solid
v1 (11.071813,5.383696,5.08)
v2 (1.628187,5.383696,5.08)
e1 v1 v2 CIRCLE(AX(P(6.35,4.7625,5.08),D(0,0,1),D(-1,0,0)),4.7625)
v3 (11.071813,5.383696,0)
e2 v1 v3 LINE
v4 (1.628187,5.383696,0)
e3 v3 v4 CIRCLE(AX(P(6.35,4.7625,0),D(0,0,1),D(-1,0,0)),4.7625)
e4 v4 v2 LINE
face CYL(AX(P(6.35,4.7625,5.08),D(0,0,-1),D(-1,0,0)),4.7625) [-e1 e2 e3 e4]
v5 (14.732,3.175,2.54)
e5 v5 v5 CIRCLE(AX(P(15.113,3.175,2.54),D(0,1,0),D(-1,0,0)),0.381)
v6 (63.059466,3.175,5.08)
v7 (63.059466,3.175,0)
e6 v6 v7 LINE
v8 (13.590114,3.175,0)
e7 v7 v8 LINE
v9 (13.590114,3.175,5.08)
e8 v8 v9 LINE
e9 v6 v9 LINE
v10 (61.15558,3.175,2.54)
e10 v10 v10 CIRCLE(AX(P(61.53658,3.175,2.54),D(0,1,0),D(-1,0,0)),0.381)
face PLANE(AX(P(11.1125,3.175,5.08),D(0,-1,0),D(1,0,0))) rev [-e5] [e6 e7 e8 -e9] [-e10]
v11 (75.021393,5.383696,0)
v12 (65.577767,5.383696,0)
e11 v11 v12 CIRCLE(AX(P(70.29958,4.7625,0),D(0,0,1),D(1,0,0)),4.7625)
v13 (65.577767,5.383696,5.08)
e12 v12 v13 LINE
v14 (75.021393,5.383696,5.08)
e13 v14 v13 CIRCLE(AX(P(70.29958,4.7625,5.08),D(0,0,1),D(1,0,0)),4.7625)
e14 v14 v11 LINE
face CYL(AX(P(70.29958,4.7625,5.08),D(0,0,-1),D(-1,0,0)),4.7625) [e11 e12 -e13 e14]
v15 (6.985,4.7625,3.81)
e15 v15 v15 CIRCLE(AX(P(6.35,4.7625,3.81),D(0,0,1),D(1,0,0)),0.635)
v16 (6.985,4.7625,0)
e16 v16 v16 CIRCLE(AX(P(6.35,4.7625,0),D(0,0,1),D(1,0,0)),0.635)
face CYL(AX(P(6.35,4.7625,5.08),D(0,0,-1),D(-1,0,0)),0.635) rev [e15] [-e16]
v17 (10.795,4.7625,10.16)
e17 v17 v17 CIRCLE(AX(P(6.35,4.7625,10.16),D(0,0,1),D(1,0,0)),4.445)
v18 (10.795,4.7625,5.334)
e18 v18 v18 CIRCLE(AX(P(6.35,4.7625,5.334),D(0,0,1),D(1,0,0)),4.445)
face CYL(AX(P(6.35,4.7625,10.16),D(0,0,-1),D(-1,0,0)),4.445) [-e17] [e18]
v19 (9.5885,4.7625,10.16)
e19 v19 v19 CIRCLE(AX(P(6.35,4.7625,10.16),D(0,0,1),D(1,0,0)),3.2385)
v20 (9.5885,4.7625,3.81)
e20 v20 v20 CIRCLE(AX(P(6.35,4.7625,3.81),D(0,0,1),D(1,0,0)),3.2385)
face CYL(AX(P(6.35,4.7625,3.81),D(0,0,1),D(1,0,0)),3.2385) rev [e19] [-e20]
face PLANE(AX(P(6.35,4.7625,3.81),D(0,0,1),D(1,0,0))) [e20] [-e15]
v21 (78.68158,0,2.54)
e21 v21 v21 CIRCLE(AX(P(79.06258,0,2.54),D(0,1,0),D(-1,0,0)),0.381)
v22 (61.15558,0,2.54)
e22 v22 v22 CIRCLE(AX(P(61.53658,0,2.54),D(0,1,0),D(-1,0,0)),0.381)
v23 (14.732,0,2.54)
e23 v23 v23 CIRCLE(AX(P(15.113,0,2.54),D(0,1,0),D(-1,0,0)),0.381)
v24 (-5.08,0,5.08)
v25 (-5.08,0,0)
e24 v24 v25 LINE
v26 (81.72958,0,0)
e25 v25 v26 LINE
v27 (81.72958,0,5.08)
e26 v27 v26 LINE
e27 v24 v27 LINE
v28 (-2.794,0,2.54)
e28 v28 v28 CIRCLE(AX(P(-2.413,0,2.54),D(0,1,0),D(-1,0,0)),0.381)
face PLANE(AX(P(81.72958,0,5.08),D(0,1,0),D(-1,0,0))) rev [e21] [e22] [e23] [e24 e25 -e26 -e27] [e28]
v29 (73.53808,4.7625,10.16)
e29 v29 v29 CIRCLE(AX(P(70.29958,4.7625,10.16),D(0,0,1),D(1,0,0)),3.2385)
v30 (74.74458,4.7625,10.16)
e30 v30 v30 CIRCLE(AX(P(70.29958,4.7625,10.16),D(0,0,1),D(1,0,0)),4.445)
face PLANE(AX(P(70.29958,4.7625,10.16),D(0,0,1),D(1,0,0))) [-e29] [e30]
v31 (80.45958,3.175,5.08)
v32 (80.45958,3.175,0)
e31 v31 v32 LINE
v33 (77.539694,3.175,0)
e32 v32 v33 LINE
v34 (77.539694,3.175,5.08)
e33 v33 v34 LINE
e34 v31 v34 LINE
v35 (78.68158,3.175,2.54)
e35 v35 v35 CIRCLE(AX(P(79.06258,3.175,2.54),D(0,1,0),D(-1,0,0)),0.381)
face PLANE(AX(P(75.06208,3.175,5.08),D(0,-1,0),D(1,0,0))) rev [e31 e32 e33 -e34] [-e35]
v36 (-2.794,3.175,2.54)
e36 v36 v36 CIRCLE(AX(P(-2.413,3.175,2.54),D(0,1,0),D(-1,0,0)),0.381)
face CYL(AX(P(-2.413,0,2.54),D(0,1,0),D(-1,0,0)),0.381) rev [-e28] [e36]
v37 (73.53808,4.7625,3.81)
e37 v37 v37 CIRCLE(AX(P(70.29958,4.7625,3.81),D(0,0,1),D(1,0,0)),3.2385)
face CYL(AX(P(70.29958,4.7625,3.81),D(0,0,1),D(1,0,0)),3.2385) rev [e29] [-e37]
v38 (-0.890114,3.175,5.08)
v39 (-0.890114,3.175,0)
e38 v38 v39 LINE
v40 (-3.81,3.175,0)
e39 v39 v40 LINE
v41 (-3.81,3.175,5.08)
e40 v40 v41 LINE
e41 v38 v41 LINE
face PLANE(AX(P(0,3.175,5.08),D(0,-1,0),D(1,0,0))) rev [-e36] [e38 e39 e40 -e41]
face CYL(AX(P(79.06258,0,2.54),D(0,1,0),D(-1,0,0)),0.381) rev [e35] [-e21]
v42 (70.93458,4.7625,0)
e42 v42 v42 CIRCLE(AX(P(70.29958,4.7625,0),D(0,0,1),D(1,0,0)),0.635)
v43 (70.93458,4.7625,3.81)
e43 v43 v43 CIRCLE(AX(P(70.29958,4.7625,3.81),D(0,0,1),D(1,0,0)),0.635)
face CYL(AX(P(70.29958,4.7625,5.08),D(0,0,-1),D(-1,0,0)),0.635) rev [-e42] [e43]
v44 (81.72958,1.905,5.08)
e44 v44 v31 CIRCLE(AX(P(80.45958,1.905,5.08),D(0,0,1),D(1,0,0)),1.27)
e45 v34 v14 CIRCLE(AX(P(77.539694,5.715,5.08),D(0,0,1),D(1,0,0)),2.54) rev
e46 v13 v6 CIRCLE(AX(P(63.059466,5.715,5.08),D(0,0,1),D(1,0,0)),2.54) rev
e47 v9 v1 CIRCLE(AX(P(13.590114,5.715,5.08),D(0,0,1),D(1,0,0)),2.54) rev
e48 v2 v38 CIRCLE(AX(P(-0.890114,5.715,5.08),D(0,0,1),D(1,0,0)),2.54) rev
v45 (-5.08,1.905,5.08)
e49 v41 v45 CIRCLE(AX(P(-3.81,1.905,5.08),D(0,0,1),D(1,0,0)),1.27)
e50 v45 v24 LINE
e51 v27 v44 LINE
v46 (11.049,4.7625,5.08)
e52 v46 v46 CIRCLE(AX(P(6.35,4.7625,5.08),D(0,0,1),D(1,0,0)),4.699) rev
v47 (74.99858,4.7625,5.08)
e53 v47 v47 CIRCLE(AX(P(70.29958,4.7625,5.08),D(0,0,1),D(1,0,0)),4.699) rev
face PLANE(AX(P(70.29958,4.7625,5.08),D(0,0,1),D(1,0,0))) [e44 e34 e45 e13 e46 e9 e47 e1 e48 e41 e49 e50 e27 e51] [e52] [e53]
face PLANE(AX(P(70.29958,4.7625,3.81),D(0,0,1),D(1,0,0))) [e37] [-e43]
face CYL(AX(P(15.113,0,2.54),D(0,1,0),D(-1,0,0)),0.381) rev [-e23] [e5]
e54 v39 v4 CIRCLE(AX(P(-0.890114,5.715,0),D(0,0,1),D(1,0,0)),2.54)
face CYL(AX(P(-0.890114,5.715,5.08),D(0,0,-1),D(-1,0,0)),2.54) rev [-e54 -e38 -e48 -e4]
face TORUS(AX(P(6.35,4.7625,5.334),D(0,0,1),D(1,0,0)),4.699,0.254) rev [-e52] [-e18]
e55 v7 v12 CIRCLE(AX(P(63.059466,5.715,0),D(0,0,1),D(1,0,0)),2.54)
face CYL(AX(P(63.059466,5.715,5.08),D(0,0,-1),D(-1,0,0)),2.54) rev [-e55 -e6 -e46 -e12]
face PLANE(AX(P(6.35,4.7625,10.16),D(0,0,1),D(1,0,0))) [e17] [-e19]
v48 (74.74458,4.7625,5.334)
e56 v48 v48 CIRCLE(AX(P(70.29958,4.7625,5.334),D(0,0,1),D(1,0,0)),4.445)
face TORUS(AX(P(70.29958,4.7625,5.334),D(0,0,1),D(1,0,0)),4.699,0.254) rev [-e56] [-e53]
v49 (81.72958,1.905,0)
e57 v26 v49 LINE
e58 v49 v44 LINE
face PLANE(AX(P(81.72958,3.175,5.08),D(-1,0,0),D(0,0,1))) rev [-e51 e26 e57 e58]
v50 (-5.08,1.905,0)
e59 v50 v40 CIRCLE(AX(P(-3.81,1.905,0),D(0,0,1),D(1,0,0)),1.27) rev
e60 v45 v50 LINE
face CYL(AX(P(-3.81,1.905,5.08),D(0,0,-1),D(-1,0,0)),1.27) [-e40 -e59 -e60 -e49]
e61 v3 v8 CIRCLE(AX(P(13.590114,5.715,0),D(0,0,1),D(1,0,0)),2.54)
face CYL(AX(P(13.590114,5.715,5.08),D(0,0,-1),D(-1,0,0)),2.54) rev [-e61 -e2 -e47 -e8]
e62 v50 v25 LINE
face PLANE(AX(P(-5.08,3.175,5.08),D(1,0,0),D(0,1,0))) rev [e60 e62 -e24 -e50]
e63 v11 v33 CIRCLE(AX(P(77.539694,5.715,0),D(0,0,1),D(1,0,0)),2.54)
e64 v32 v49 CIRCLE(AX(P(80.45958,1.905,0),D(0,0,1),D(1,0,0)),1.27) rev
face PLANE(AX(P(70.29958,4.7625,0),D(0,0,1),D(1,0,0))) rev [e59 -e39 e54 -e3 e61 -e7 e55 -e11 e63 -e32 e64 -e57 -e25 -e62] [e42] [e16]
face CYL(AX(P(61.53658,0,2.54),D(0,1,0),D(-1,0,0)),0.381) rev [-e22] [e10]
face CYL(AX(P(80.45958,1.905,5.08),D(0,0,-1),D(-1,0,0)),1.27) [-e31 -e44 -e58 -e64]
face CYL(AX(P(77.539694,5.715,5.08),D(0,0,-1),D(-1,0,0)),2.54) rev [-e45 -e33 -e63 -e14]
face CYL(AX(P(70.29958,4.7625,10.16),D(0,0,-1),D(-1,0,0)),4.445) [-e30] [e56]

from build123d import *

# Parameters (mm, degrees)
SKETCH1_R           = 0.635
BOSS_EXTRUDE1_DEPTH = 5.08
SKETCH2_R           = 4.445
SKETCH2_R_2         = 0.635
BOSS_EXTRUDE2_DEPTH = 5.08
SKETCH3_R           = 3.2385
CUT_EXTRUDE1_DEPTH  = 6.35
FILLET1_R           = 0.254
FILLET2_R           = 2.54
FILLET3_R           = 1.27
SKETCH5_R           = 0.381
CUT_EXTRUDE3_DEPTH  = 83.603101422


with BuildPart() as part:
    # Sketch1 → Boss-Extrude1 (new body)
    with BuildSketch(Plane.XY):
        with BuildLine():
            Line((0, 0), (76.64958, 0))
            Line((76.64958, 0), (81.72958, 0))
            Line((81.72958, 0), (81.72958, 3.175))
            Line((81.72958, 3.175), (76.64958, 3.175))
            Line((76.64958, 3.175), (75.06208, 3.175))
            Line((75.06208, 3.175), (75.06208, 4.7625))
            ThreePointArc((75.06208, 4.7625), (70.29958, 9.525), (65.53708, 4.7625))
            Line((65.53708, 4.7625), (65.53708, 3.175))
            Line((65.53708, 3.175), (11.1125, 3.175))
            Line((11.1125, 3.175), (11.1125, 4.7625))
            ThreePointArc((11.1125, 4.7625), (6.35, 9.525), (1.5875, 4.7625))
            Line((1.5875, 4.7625), (1.5875, 3.175))
            Line((1.5875, 3.175), (0, 3.175))
            Line((0, 3.175), (-5.08, 3.175))
            Line((-5.08, 3.175), (-5.08, 0))
            Line((-5.08, 0), (0, 0))
        make_face()
        with Locations((6.35, 4.7625)):
            Circle(SKETCH1_R, mode=Mode.SUBTRACT)
        with Locations((70.29958, 4.7625)):
            Circle(SKETCH1_R, mode=Mode.SUBTRACT)
    extrude(amount=BOSS_EXTRUDE1_DEPTH)

    # Sketch2 → Boss-Extrude2 (add)
    # profile 1 of 2: a face of its own
    with BuildSketch(Plane.XY.offset(5.08)):
        with Locations((6.35, 4.7625)):
            Circle(SKETCH2_R)
        with Locations((6.35, 4.7625)):
            Circle(SKETCH2_R_2, mode=Mode.SUBTRACT)
    # profile 2 of 2: a face of its own
    with BuildSketch(Plane.XY.offset(5.08)):
        with Locations((70.29958, 4.7625)):
            Circle(SKETCH2_R)
        with Locations((70.29958, 4.7625)):
            Circle(SKETCH2_R_2, mode=Mode.SUBTRACT)
    extrude(amount=BOSS_EXTRUDE2_DEPTH)

    # Sketch3 → Cut-Extrude1 (cut)
    with BuildSketch(Plane.XY.offset(10.16)):
        with Locations((6.35, 4.7625)):
            Circle(SKETCH3_R)
        with Locations((70.29958, 4.7625)):
            Circle(SKETCH3_R)
    extrude(amount=-CUT_EXTRUDE1_DEPTH, mode=Mode.SUBTRACT)

    # Fillet1
    fillet1_edges = [part.edges().sort_by_distance(p)[0] for p in [
        (1.905, 4.7625, 5.08),
        (65.85458, 4.7625, 5.08),
    ]]
    fillet(fillet1_edges, radius=FILLET1_R)

    # Fillet2
    fillet2_edges = [part.edges().sort_by_distance(p)[0] for p in [
        (75.06208, 3.175, 2.54),
        (11.1125, 3.175, 2.54),
        (65.53708, 3.175, 2.54),
        (1.5875, 3.175, 2.54),
    ]]
    fillet(fillet2_edges, radius=FILLET2_R)

    # Fillet3
    fillet3_edges = [part.edges().sort_by_distance(p)[0] for p in [
        (-5.08, 3.175, 2.54),
        (81.72958, 3.175, 2.54),
    ]]
    fillet(fillet3_edges, radius=FILLET3_R)

    # Sketch5 → Cut-Extrude3 (cut, through all)
    with BuildSketch(Plane(origin=(0, 3.175, 0), x_dir=(1, 0, 0), z_dir=(0, 1, 0))):
        with Locations(Location((-2.413, -2.54, 0), (0, 0, 180))):
            Circle(SKETCH5_R)
        with Locations(Location((79.06258, -2.54, 0), (0, 0, 180))):
            Circle(SKETCH5_R)
        with Locations(Location((61.53658, -2.54, 0), (0, 0, 180))):
            Circle(SKETCH5_R)
        with Locations(Location((15.113, -2.54, 0), (0, 0, 180))):
            Circle(SKETCH5_R)
    extrude(amount=-CUT_EXTRUDE3_DEPTH, mode=Mode.SUBTRACT)


solid = part.part
